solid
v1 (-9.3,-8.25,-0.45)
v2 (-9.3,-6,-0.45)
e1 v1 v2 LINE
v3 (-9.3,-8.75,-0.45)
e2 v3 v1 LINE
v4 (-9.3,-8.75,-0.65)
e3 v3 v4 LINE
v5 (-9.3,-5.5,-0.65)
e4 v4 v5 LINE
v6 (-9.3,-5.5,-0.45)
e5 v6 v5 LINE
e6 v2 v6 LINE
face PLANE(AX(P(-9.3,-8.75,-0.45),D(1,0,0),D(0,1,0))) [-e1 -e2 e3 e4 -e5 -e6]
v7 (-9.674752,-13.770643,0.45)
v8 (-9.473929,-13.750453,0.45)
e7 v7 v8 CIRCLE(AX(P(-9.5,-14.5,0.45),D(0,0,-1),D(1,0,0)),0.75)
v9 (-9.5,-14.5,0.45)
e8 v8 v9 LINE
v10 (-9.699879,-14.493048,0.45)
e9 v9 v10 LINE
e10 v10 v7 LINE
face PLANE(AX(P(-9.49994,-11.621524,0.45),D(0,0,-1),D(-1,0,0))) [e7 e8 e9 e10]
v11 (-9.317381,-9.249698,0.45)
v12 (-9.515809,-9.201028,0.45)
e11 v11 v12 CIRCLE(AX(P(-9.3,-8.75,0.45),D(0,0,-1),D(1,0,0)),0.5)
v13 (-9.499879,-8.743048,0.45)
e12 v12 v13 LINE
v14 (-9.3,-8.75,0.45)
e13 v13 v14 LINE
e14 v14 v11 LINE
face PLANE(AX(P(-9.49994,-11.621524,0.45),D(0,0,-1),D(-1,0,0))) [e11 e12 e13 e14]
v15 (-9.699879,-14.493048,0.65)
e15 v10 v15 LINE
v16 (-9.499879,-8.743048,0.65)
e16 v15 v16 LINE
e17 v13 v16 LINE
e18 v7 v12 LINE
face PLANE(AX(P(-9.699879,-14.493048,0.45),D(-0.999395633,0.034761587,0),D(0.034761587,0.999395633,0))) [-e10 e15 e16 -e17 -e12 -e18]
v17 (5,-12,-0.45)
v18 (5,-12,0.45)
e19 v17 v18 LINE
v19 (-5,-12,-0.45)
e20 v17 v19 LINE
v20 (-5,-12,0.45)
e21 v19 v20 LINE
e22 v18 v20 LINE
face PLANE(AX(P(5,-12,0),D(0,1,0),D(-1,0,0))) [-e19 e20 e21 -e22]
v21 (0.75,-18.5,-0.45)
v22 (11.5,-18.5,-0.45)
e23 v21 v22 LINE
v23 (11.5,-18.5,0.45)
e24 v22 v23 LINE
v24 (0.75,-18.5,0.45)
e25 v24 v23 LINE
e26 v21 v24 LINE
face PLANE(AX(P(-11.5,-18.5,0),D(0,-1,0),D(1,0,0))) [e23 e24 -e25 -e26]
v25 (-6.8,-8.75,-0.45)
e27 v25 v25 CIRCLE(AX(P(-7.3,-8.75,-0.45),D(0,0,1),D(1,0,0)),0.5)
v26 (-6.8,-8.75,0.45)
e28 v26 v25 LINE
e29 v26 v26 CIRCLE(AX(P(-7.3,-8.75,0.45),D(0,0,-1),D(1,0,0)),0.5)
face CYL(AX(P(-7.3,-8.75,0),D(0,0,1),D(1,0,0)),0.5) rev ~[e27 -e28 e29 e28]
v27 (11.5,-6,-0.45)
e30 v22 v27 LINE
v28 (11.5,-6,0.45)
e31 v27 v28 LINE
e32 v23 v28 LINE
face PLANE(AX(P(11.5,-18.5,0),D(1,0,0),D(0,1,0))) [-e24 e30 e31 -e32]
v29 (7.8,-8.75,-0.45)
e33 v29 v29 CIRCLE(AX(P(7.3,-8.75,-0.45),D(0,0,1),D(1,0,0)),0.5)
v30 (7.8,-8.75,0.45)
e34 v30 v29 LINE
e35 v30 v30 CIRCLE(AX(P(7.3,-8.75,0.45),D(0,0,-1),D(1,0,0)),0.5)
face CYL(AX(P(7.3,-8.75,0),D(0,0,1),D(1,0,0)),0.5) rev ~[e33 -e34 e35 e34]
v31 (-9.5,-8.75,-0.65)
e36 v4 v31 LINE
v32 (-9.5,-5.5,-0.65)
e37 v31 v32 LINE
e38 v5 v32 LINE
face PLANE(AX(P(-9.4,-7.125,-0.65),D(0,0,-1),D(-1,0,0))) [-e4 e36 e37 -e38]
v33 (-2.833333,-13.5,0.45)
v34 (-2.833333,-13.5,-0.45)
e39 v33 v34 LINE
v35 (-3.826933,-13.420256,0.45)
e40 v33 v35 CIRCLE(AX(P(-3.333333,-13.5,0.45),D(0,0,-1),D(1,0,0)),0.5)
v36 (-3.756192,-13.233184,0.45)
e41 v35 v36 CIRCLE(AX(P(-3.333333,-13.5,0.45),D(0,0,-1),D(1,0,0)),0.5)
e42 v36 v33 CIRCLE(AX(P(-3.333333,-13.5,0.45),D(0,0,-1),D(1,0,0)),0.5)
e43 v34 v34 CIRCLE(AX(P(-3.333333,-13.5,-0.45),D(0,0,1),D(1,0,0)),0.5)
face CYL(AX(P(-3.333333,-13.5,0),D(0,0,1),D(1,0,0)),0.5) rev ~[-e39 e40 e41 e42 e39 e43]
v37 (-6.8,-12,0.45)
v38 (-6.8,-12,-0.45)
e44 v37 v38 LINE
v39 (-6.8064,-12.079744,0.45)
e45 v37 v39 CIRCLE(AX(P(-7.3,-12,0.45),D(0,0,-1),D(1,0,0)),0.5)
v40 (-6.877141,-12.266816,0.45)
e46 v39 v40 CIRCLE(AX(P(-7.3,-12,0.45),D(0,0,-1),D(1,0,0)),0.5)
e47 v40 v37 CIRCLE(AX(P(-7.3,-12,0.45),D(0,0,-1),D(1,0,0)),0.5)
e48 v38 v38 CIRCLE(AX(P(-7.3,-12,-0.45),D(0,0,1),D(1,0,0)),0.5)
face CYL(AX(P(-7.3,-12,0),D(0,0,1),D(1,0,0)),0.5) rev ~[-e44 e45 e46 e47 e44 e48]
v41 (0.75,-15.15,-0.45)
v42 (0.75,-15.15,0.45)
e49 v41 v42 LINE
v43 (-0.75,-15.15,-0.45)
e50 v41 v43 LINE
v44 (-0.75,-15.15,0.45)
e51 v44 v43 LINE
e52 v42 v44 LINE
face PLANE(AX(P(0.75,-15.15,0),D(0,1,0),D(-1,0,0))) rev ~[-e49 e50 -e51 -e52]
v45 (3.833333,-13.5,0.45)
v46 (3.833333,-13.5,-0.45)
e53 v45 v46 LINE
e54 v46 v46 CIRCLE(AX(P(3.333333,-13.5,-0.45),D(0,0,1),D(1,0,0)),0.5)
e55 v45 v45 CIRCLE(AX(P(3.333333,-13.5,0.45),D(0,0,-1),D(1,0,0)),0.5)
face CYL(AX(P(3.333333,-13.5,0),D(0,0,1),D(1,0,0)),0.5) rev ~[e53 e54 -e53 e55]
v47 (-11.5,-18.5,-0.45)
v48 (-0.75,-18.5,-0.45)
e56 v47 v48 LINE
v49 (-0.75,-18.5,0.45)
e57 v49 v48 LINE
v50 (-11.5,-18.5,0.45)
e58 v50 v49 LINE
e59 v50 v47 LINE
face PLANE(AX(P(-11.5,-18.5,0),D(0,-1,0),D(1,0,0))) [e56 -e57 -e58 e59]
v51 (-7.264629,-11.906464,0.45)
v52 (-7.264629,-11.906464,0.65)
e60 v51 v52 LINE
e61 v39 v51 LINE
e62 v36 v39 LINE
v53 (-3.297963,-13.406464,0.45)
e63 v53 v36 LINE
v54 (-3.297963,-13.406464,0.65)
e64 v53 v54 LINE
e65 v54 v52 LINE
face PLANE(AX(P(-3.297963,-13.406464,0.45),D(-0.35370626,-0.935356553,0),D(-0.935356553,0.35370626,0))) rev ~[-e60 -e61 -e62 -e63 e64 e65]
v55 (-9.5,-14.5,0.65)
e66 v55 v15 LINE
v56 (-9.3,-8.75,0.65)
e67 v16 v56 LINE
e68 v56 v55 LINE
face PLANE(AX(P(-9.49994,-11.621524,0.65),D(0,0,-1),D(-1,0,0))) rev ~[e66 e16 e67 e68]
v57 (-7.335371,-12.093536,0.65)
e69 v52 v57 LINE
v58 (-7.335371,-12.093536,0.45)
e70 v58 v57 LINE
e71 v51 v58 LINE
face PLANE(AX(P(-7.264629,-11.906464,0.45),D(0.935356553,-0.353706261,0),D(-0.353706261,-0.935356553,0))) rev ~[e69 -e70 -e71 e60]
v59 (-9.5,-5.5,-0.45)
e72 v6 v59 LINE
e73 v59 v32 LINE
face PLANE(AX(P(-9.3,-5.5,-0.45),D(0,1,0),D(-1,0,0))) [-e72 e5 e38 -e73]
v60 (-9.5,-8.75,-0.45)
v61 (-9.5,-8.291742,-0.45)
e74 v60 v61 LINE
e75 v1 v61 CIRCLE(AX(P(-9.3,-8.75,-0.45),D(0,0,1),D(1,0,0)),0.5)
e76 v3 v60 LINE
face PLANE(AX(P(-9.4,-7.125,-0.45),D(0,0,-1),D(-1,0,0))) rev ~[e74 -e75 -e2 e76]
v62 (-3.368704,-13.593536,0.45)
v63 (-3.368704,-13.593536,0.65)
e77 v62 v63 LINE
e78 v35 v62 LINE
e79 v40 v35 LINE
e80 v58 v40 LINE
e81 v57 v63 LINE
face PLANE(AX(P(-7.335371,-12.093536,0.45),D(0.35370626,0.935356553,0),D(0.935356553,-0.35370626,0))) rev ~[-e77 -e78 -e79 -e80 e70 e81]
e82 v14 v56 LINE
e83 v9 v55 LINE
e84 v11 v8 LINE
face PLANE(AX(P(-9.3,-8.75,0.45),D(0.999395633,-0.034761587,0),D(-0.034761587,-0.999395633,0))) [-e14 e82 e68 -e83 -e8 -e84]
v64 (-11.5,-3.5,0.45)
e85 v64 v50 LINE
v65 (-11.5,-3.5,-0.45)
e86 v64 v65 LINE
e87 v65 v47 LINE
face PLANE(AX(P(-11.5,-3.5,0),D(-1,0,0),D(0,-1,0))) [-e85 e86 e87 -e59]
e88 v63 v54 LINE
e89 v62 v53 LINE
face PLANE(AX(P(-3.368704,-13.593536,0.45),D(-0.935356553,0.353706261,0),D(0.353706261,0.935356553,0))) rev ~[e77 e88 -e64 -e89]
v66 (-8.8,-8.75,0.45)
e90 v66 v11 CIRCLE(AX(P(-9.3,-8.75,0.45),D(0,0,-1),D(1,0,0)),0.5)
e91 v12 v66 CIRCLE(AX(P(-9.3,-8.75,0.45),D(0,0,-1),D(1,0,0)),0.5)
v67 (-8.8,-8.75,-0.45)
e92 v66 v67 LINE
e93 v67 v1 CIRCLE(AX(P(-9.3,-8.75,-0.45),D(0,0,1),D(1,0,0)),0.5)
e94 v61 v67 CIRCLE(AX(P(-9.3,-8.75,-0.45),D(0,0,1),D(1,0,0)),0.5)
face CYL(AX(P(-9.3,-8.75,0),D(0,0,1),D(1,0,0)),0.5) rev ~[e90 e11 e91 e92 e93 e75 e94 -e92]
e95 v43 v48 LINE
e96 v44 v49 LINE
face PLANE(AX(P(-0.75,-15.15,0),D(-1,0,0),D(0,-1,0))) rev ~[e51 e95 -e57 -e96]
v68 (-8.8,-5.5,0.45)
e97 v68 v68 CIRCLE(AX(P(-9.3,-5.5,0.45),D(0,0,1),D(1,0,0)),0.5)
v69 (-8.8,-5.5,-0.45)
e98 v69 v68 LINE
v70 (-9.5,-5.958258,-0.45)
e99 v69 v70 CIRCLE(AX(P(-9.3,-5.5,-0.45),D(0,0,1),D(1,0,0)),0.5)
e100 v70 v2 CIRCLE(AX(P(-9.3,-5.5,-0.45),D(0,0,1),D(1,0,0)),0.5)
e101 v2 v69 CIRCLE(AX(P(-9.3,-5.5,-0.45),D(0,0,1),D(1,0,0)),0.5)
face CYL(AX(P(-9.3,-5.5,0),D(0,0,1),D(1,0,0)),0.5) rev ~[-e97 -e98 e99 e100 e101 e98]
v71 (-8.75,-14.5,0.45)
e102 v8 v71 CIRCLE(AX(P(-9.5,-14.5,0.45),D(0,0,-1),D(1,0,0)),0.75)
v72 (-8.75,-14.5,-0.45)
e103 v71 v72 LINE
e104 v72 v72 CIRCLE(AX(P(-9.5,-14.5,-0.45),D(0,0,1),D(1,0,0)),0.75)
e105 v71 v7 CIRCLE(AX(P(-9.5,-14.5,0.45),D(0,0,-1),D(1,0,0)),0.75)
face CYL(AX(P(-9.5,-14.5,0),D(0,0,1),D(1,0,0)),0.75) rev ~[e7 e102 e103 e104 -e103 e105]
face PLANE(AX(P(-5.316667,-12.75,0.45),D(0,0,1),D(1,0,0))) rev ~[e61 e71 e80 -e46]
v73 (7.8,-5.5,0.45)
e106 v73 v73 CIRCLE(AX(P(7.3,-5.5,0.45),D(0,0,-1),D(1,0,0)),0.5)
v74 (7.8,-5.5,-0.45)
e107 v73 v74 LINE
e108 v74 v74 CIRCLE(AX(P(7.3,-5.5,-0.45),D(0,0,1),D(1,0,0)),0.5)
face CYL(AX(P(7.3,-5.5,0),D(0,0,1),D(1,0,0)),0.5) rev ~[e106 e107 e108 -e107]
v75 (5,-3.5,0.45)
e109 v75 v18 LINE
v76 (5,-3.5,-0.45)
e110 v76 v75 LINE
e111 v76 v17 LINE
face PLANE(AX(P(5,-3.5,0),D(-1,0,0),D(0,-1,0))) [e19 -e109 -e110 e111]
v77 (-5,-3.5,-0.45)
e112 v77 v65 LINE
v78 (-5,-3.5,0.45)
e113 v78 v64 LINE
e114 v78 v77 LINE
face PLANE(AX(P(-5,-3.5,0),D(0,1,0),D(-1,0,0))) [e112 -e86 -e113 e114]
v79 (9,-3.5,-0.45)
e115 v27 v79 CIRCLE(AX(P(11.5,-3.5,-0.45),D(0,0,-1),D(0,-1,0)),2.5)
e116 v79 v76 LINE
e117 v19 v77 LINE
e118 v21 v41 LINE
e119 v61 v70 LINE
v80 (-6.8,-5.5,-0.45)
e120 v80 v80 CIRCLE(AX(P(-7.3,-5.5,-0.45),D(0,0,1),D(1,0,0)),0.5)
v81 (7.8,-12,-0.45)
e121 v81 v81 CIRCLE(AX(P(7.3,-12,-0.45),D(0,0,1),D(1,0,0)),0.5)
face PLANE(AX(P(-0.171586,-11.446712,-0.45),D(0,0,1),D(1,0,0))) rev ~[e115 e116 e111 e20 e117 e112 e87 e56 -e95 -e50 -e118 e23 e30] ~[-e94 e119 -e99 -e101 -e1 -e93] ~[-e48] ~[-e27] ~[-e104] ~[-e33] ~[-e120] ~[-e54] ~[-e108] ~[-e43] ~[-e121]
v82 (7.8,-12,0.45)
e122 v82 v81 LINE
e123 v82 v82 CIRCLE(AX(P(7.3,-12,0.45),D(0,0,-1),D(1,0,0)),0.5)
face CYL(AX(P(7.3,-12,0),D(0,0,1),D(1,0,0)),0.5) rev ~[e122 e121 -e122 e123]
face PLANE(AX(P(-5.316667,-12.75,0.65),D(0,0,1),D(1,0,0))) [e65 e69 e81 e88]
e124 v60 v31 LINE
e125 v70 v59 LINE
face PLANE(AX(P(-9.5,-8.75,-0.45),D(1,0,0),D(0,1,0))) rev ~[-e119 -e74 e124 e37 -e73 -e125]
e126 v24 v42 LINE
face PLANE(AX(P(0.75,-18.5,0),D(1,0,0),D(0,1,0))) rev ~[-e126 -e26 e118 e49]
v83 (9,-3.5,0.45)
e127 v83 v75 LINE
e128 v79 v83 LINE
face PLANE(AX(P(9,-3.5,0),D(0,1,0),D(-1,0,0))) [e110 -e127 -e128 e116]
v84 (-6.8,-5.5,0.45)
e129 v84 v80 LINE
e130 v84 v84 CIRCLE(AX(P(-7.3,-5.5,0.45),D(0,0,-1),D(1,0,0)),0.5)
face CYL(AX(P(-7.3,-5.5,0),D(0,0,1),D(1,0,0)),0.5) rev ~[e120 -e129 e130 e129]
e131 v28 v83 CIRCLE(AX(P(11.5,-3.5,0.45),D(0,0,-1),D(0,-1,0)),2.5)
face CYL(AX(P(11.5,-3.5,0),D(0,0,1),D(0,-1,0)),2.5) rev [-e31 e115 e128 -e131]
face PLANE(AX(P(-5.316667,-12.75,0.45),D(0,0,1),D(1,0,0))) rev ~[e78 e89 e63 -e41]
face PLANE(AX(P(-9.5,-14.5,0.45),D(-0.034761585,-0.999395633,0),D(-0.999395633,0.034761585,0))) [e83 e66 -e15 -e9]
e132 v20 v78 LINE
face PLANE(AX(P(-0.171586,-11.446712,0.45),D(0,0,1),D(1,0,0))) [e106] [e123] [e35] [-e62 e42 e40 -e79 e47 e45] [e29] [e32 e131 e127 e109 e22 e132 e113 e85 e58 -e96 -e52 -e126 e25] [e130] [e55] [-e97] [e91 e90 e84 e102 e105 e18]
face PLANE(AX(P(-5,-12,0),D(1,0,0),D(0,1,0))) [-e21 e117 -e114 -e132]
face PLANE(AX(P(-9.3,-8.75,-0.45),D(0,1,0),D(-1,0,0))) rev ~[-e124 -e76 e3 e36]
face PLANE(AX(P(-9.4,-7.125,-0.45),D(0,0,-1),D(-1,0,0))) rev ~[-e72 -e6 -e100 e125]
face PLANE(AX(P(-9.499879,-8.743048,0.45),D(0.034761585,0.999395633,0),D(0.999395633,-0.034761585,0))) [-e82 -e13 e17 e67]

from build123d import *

# Parameters (mm, degrees)
EXTRUDE_1_DEPTH     = 0.45
CUT_EXTRUDE_1_DEPTH = 5
SKETCH_6_R          = 0.5
SKETCH_6_R_2        = 0.75
CUT_EXTRUDE_4_DEPTH = 10.1
EXTRUDE_1_2_DEPTH   = 0.2
SKETCH_8_W          = 0.2
SKETCH_8_H          = 3.25
EXTRUDE_2_DEPTH     = 0.2
EXTRUDE_3_DEPTH     = 0.2


with BuildPart() as part:
    # Эскиз1 → Extrude 1 (new, symmetric)
    with BuildSketch(Plane.XY):
        with BuildLine():
            Line((-11.5, -18.5), (11.5, -18.5))
            Line((11.5, -18.5), (11.5, -6))
            ThreePointArc((11.5, -6), (9.732233047, -5.267766953), (9, -3.5))
            Line((9, -3.5), (5, -3.5))
            Line((5, -3.5), (5, -12))
            Line((5, -12), (-5, -12))
            Line((-5, -12), (-5, -3.5))
            Line((-5, -3.5), (-9, -3.5))
            Line((-9, -3.5), (-11.5, -3.5))
            Line((-11.5, -3.5), (-11.5, -6))
            Line((-11.5, -6), (-11.5, -18.5))
        make_face()
    extrude(amount=EXTRUDE_1_DEPTH, both=True)

    # Эскиз2 → Вырез-Вытянуть1 (cut, symmetric)
    with BuildSketch(Plane.XY):
        Polygon((-0.75, -15.25), (-0.75, -18.5), (0.75, -18.5), (0.75, -15.25), (0.75, -15.15), (-0.75, -15.15), align=None)
    extrude(amount=CUT_EXTRUDE_1_DEPTH, both=True, mode=Mode.SUBTRACT)

    # Эскиз6 → Вырез-Вытянуть4 (cut, symmetric)
    with BuildSketch(Plane.XY):
        with Locations((3.333333333, -13.5)):
            Circle(SKETCH_6_R)
        with Locations((-7.3, -8.75)):
            Circle(SKETCH_6_R)
        with Locations((-7.3, -5.5)):
            Circle(SKETCH_6_R)
        with Locations((7.3, -8.75)):
            Circle(SKETCH_6_R)
        with Locations((7.3, -5.5)):
            Circle(SKETCH_6_R)
        with Locations((-3.333333333, -13.5)):
            Circle(SKETCH_6_R)
        with Locations((-7.3, -12)):
            Circle(SKETCH_6_R)
        with Locations((7.3, -12)):
            Circle(SKETCH_6_R)
        with Locations((-9.5, -14.5)):
            Circle(SKETCH_6_R_2)
        with Locations((-9.3, -8.75)):
            Circle(SKETCH_6_R)
        with Locations((-9.3, -5.5)):
            Circle(SKETCH_6_R)
    extrude(amount=CUT_EXTRUDE_4_DEPTH, both=True, mode=Mode.SUBTRACT)

    # Эскиз7 → Extrude 1 2 (add)
    with BuildSketch(Plane.XY.offset(0.45)):
        Polygon((-7.335370626, -12.093535655), (-3.368703959, -13.593535655), (-3.297962707, -13.406464345), (-7.264629374, -11.906464345), align=None)
    extrude(amount=EXTRUDE_1_2_DEPTH)

    # Эскиз8 → Вытянуть-Тонкостенный2 (add)
    with BuildSketch(Plane(origin=(0, 0, -0.45), x_dir=(-1, 0, 0), z_dir=(0, 0, -1))):
        with Locations((9.4, -7.125)):
            Rectangle(SKETCH_8_W, SKETCH_8_H)
    extrude(amount=EXTRUDE_2_DEPTH)

    # Эскиз9 → Вытянуть-Тонкостенный3 (add)
    with BuildSketch(Plane.XY.offset(0.45)):
        Polygon((-9.3, -8.75), (-9.5, -14.5), (-9.699879127, -14.493047683), (-9.499879127, -8.743047683), align=None)
    extrude(amount=EXTRUDE_3_DEPTH)


solid = part.part
